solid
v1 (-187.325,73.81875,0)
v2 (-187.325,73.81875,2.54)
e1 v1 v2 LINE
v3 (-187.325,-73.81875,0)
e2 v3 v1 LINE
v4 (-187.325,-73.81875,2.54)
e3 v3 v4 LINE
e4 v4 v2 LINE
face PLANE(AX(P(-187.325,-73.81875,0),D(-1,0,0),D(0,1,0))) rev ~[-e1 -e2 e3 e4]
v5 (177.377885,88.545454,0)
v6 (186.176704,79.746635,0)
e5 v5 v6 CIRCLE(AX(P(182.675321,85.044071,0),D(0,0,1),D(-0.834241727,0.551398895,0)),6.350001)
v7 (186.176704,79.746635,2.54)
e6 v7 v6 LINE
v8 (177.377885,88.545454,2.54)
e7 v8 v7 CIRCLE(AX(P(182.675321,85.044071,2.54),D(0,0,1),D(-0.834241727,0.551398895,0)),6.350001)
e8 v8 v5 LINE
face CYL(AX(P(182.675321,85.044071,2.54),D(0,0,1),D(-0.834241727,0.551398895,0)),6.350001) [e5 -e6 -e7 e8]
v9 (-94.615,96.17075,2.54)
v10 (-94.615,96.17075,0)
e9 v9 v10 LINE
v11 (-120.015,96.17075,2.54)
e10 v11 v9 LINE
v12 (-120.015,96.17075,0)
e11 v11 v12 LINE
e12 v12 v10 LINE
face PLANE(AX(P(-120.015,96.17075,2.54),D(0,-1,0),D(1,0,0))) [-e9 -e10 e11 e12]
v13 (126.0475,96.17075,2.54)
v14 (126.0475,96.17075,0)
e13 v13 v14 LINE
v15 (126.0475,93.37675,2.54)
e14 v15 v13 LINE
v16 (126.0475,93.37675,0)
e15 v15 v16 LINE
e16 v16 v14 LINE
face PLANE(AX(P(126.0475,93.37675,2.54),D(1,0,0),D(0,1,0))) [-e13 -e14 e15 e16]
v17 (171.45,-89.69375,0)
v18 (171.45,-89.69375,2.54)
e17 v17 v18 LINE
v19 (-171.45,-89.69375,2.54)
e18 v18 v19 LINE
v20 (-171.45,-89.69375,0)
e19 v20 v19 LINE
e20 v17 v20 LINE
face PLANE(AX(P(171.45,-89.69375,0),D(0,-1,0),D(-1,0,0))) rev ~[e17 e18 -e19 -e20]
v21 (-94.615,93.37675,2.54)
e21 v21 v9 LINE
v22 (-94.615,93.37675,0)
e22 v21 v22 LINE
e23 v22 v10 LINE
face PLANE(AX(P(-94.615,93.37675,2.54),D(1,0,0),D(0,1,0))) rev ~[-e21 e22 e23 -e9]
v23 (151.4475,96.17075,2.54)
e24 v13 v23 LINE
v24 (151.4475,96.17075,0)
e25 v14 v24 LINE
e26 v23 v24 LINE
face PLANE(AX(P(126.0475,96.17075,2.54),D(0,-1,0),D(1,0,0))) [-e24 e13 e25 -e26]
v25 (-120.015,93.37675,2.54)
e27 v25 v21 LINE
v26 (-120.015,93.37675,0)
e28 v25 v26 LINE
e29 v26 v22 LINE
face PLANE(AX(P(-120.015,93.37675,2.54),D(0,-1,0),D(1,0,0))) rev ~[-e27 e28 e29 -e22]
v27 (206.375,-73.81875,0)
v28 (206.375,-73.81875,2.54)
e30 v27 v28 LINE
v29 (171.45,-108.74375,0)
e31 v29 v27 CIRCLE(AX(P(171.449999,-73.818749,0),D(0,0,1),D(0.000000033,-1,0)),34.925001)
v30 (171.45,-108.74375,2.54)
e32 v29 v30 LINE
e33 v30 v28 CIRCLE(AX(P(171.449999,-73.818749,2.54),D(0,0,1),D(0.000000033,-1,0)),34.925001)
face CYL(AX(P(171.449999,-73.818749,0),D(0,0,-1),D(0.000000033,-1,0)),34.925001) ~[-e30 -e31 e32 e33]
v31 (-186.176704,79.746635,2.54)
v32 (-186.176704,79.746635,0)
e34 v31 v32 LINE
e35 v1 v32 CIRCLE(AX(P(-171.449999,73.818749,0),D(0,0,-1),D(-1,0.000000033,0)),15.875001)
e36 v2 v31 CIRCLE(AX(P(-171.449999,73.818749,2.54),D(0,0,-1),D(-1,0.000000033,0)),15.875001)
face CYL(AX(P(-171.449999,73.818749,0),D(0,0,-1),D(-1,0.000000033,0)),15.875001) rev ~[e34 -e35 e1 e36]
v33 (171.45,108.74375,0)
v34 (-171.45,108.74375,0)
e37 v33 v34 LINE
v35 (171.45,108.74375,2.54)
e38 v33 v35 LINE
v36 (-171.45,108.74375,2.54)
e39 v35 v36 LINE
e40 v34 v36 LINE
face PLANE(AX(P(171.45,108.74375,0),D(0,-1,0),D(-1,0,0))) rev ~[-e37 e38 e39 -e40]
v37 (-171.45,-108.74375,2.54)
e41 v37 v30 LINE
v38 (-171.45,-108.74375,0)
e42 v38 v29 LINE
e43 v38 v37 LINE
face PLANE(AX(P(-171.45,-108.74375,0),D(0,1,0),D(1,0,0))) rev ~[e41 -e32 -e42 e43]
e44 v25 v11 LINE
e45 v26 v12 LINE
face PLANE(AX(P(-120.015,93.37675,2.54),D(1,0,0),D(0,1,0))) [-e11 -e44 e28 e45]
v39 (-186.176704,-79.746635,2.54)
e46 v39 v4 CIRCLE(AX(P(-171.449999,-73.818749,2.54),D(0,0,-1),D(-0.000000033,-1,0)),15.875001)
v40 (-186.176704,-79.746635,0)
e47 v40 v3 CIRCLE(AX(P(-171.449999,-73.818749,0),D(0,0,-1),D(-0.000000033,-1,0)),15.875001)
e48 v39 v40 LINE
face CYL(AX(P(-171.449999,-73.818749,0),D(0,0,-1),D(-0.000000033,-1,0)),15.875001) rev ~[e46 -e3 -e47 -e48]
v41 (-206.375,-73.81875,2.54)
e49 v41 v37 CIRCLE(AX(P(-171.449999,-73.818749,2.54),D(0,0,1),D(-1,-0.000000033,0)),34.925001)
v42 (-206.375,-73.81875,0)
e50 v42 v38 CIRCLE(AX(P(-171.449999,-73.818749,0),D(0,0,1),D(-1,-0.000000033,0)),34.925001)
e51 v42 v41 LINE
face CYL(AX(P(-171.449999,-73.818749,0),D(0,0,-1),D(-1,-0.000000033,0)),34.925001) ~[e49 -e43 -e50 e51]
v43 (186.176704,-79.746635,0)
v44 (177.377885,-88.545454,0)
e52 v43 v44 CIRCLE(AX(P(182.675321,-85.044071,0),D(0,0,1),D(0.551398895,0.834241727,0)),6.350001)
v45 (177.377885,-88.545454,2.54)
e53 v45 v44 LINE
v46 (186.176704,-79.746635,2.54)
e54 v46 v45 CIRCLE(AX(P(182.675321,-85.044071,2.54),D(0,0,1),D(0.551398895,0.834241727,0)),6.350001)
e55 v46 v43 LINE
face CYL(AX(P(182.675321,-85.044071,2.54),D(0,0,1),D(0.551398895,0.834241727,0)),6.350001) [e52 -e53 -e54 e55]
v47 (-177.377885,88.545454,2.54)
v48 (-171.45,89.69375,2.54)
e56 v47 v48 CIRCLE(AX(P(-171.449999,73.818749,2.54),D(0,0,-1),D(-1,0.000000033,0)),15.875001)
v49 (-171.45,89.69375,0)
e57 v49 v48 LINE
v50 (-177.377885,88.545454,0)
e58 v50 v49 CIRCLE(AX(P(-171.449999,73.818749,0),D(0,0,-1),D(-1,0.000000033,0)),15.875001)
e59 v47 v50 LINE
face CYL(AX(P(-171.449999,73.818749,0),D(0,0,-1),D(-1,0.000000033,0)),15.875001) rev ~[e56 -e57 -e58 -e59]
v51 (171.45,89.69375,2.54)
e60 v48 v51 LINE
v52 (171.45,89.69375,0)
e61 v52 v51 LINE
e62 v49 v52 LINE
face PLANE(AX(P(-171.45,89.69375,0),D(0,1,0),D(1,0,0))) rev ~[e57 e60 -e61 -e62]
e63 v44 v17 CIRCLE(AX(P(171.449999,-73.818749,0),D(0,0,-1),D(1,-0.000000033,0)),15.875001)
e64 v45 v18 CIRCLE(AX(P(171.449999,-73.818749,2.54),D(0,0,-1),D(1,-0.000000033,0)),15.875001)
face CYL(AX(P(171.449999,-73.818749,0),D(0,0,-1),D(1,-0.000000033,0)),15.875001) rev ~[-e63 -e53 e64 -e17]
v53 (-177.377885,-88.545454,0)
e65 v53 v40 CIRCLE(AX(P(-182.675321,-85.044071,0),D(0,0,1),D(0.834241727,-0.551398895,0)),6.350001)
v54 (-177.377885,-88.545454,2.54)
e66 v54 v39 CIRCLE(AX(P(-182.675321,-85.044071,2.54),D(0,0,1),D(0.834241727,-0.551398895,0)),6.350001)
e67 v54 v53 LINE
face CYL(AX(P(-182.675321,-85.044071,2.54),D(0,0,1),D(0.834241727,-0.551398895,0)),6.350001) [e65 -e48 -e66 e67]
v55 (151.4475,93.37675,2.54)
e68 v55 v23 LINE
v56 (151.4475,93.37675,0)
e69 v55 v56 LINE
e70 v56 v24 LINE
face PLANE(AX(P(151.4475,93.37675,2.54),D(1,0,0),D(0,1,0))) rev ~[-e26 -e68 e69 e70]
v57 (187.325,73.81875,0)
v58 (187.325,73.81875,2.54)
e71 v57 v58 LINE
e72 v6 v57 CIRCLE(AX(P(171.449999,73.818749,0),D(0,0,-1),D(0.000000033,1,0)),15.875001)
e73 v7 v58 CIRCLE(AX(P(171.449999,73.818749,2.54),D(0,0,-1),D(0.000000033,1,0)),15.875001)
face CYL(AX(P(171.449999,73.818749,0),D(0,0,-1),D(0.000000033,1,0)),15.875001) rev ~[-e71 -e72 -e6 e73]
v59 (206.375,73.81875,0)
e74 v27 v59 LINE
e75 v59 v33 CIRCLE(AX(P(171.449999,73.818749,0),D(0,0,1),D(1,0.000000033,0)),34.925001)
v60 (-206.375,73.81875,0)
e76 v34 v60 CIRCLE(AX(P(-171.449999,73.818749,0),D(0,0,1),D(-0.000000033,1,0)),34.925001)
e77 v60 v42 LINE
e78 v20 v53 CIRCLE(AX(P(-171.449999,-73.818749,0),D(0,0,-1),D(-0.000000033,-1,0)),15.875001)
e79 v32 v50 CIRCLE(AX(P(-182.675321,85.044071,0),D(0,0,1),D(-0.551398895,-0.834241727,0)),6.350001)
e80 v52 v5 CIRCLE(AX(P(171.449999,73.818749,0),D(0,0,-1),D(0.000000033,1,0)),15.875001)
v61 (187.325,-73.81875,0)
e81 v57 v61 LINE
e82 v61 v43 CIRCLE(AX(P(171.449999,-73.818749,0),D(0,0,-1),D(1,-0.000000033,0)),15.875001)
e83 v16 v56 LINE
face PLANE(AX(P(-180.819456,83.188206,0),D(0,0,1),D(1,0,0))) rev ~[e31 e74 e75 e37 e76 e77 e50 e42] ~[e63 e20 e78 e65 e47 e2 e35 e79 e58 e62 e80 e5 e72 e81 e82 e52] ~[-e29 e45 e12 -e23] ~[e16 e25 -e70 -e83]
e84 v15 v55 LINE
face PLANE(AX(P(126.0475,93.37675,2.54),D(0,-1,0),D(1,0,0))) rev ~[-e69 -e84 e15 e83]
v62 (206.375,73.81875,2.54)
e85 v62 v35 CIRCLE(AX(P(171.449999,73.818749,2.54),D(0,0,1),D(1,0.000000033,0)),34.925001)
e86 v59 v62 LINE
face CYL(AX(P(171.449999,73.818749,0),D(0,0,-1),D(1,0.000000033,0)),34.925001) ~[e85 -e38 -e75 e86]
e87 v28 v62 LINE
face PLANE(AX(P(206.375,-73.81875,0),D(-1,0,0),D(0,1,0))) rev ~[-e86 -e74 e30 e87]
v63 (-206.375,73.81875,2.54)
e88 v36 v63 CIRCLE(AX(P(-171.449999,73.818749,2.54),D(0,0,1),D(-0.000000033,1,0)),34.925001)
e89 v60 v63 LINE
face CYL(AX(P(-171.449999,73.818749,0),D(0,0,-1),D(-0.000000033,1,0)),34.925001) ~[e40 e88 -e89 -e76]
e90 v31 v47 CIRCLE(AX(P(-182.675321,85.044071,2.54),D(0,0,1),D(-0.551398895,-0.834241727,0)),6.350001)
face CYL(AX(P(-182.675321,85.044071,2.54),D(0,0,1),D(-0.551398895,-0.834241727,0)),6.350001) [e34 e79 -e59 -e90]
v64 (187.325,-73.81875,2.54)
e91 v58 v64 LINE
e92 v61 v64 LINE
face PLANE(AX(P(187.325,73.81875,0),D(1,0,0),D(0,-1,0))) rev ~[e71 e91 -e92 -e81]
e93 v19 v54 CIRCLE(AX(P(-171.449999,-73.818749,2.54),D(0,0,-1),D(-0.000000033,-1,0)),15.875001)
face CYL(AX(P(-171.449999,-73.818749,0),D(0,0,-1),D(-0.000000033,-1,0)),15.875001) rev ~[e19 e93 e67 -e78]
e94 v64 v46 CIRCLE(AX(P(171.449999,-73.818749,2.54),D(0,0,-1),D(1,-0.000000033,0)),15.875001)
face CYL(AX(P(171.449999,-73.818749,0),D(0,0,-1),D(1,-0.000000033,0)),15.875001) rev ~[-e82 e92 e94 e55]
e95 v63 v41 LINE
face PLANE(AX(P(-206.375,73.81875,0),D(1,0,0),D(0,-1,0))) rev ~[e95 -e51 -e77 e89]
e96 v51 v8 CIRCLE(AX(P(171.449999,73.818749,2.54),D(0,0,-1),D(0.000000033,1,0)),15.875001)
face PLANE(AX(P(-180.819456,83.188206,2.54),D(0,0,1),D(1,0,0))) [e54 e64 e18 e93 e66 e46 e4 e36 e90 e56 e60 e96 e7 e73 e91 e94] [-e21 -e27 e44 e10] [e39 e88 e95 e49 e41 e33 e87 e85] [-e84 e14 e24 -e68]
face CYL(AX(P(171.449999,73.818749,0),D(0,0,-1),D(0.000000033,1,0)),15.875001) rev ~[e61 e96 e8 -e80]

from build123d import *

# Parameters (mm, degrees)
F1_DEPTH = 2.54
F4_DEPTH = 2.54
F5_W     = 25.4
F5_H     = 2.794
F6_DEPTH = 25.4


with BuildPart() as f1:
    # F0 (on Top) → F1 (new body)
    with BuildSketch(Plane.XY):
        with BuildLine():
            Line((206.375, -73.81875), (206.375, 73.81875))
            ThreePointArc((206.375, 73.81875), (196.145704, 98.514454), (171.45, 108.74375))
            Line((171.45, 108.74375), (-171.45, 108.74375))
            ThreePointArc((-171.45, 108.74375), (-196.145704, 98.514454), (-206.375, 73.81875))
            Line((-206.375, 73.81875), (-206.375, -73.81875))
            ThreePointArc((-206.375, -73.81875), (-196.145704, -98.514454), (-171.45, -108.74375))
            Line((-171.45, -108.74375), (171.45, -108.74375))
            ThreePointArc((171.45, -108.74375), (196.145704, -98.514454), (206.375, -73.81875))
        make_face()
        with BuildLine():
            ThreePointArc((187.325, -73.81875), (182.67532, -85.04407), (171.45, -89.69375))
            Line((171.45, -89.69375), (-171.45, -89.69375))
            ThreePointArc((-171.45, -89.69375), (-182.67532, -85.04407), (-187.325, -73.81875))
            Line((-187.325, -73.81875), (-187.325, 73.81875))
            ThreePointArc((-187.325, 73.81875), (-182.67532, 85.04407), (-171.45, 89.69375))
            Line((-171.45, 89.69375), (171.45, 89.69375))
            ThreePointArc((171.45, 89.69375), (182.67532, 85.04407), (187.325, 73.81875))
            Line((187.325, 73.81875), (187.325, -73.81875))
        make_face(mode=Mode.SUBTRACT)
    extrude(amount=F1_DEPTH)

    # F3 (on face) → F4 (join, through all)
    with BuildSketch(Plane.XY.offset(2.54)):
        with BuildLine():
            ThreePointArc((-186.176704, 79.746635), (-178.185192, 80.553942), (-177.377885, 88.545454))
            ThreePointArc((-177.377885, 88.545454), (-182.67532, 85.04407), (-186.176704, 79.746635))
        make_face()
        with BuildLine():
            ThreePointArc((186.176704, 79.746635), (182.67532, 85.04407), (177.377885, 88.545454))
            ThreePointArc((177.377885, 88.545454), (178.185192, 80.553942), (186.176704, 79.746635))
        make_face()
        with BuildLine():
            ThreePointArc((177.377885, -88.545454), (182.67532, -85.04407), (186.176704, -79.746635))
            ThreePointArc((186.176704, -79.746635), (178.185192, -80.553942), (177.377885, -88.545454))
        make_face()
        with BuildLine():
            ThreePointArc((-177.377885, -88.545454), (-178.185192, -80.553942), (-186.176704, -79.746635))
            ThreePointArc((-186.176704, -79.746635), (-182.67532, -85.04407), (-177.377885, -88.545454))
        make_face()
    extrude(amount=-F4_DEPTH)

    # F5 (on face) → F6 (cut)
    with BuildSketch(Plane.XY.offset(2.54)):
        with Locations((-107.315, 94.77375)):
            Rectangle(F5_W, F5_H)
        with Locations((138.7475, 94.77375)):
            Rectangle(F5_W, F5_H)
    extrude(amount=-F6_DEPTH, mode=Mode.SUBTRACT)


solid = f1.part
